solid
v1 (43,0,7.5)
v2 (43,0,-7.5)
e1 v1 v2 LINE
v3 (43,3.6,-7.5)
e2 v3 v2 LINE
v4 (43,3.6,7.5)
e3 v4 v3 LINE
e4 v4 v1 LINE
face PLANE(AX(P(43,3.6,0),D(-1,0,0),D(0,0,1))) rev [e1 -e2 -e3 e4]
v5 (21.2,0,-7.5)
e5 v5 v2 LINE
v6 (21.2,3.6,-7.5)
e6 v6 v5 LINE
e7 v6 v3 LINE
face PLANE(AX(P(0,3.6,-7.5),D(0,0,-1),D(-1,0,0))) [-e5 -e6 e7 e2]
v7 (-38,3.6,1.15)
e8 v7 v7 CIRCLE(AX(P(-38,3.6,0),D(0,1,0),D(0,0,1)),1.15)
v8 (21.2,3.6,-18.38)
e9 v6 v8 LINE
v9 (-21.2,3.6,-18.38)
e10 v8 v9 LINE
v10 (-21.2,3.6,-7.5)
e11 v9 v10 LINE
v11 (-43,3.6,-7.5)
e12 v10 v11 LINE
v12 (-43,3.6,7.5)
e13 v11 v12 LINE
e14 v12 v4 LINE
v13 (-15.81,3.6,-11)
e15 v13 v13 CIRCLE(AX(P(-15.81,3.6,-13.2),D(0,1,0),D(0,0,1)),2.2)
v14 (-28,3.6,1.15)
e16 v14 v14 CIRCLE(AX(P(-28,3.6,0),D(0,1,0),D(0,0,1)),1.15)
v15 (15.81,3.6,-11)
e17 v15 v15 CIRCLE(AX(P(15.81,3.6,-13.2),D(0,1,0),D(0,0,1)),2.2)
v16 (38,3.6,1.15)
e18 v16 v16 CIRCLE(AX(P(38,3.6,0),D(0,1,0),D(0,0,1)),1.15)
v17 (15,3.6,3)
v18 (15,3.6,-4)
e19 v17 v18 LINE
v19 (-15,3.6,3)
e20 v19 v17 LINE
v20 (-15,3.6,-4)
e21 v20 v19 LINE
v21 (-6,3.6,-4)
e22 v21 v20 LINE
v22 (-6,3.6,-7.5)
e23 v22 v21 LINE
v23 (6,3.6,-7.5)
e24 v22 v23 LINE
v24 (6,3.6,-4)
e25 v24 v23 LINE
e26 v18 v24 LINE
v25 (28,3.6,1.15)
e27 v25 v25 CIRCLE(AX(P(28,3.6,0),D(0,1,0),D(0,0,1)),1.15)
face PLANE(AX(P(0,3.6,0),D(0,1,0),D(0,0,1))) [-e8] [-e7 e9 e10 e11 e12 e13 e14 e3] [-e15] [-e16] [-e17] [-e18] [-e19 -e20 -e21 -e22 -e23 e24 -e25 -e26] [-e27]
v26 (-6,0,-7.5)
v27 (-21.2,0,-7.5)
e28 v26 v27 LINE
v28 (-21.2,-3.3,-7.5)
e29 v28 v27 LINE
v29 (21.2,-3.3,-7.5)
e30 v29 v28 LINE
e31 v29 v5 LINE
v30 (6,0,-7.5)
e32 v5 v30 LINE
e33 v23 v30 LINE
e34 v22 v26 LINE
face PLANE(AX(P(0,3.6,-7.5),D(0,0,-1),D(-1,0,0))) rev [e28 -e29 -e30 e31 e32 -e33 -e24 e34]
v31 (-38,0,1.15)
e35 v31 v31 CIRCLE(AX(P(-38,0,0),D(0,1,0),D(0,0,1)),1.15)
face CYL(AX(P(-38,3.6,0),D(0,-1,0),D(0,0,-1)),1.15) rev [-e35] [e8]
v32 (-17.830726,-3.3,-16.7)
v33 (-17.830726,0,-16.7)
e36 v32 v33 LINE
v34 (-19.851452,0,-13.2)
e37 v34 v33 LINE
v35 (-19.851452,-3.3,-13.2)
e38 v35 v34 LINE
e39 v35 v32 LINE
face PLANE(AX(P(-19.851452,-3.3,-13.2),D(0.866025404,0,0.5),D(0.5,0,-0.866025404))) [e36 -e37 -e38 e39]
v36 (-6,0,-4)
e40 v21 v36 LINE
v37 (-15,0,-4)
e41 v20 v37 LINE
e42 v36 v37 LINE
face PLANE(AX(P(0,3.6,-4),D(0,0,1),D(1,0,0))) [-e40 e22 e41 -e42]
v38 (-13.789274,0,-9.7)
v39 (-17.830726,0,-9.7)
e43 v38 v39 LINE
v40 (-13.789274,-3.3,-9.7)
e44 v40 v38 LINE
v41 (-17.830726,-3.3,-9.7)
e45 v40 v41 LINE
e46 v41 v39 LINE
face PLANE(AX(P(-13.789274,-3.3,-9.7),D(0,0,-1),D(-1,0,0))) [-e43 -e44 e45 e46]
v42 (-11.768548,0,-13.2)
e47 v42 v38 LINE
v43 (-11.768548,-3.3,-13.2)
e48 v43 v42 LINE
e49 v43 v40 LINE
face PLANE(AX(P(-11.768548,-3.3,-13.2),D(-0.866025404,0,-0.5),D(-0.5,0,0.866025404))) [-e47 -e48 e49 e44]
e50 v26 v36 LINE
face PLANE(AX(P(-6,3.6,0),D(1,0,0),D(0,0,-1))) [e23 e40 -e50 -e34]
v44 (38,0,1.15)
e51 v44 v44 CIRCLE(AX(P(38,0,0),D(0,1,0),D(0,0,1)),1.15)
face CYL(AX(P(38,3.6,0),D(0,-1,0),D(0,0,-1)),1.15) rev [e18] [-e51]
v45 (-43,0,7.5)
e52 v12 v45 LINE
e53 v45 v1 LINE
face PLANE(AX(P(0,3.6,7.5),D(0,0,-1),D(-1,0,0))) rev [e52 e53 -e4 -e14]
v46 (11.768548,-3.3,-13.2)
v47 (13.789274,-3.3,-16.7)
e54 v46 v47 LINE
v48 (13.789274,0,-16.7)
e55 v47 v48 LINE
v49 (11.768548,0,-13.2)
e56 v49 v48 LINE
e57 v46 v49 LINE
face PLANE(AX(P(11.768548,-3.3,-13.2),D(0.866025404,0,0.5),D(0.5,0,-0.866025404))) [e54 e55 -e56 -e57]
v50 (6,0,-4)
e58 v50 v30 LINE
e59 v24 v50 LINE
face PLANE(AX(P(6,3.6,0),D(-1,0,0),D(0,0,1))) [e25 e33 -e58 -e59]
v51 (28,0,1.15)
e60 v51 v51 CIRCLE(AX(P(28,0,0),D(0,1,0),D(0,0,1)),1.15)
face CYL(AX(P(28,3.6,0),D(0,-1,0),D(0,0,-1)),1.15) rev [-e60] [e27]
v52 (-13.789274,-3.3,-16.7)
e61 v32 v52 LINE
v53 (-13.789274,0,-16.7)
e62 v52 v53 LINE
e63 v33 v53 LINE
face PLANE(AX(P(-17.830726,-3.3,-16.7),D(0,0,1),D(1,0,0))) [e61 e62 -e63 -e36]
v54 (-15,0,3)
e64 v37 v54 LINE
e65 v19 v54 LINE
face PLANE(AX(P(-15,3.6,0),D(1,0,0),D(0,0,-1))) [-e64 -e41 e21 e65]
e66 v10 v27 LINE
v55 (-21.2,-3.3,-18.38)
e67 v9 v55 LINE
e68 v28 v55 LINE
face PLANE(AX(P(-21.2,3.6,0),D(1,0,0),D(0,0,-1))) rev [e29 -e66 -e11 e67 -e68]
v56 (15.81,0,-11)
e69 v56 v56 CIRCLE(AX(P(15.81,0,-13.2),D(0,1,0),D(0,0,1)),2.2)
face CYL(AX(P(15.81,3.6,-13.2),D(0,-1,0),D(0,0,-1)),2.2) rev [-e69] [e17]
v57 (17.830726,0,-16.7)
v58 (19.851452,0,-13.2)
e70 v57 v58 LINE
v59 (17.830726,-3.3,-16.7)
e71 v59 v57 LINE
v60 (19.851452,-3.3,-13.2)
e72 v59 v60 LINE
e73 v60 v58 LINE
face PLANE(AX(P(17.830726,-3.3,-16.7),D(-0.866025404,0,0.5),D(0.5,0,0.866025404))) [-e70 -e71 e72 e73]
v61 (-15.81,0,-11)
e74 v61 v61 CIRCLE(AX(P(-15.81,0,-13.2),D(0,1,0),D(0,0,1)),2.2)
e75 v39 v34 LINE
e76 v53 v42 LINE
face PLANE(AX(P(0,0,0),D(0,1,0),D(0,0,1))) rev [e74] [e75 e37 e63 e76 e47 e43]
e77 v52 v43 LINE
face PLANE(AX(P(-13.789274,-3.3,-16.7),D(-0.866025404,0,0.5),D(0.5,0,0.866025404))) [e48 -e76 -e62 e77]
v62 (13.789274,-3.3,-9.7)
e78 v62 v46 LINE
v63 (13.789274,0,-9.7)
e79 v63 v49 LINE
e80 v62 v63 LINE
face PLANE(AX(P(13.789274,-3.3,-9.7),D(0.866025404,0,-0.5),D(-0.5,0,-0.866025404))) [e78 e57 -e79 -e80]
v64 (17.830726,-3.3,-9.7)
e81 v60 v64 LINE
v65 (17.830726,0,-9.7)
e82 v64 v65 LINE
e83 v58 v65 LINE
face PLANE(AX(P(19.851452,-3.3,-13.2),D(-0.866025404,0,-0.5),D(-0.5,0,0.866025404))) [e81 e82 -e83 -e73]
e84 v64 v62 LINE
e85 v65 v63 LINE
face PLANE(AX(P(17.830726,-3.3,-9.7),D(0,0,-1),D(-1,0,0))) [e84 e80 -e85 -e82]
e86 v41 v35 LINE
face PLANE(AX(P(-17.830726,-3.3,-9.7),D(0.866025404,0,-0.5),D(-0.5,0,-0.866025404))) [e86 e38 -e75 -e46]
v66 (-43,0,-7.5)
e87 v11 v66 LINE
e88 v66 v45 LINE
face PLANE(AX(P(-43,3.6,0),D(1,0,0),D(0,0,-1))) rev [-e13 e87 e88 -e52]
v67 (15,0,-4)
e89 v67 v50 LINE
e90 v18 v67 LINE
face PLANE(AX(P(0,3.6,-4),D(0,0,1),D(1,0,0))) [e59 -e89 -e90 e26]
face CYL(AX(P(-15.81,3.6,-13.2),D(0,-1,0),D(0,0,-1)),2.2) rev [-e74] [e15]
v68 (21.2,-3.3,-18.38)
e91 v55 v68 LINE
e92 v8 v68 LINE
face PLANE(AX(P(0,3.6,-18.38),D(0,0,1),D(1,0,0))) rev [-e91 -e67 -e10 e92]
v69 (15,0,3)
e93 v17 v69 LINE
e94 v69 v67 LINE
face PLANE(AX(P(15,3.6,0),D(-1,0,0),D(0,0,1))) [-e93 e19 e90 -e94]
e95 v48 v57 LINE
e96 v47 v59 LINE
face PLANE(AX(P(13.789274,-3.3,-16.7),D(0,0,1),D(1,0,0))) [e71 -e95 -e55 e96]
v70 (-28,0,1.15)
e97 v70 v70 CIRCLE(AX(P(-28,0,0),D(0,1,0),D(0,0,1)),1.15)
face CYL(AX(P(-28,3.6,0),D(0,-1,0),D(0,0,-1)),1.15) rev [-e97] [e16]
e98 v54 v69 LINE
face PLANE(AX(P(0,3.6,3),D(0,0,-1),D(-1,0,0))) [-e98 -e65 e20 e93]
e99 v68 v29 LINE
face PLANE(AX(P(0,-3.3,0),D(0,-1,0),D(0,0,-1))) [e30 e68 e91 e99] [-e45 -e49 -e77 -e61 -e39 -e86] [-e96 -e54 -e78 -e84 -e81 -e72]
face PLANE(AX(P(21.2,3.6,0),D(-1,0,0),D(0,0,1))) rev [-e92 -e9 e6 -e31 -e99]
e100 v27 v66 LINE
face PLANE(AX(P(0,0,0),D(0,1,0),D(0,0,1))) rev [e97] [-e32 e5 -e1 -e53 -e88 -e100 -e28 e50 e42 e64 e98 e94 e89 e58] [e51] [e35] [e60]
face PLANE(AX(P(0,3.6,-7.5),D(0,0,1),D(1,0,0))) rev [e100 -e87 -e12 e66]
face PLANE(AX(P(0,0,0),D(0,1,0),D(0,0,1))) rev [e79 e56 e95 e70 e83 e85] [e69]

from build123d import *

# Parameters (mm, degrees)
SKETCH1_R           = 1.15
SKETCH1_R_2         = 2.2
BOSS_EXTRUDE2_DEPTH = 3.6
SKETCH2_W           = 42.4
SKETCH2_H           = 10.88
BOSS_EXTRUDE3_DEPTH = 3.3


with BuildPart() as part:
    # Sketch1 → Boss-Extrude2 (new body)
    with BuildSketch(Plane(origin=(0, 0, 0), x_dir=(1, 0, 0), z_dir=(0, 1, 0))):
        Polygon((33, 7.5), (21.2, 7.5), (21.2, 18.38), (-21.2, 18.38), (-21.2, 7.5), (-33, 7.5), (-43, 7.5), (-43, -7.5), (43, -7.5), (43, 7.5), align=None)
        Polygon((-15, -3), (-15, 4), (-6, 4), (-6, 7.5), (0, 7.5), (6, 7.5), (6, 4), (15, 4), (15, -3), align=None, mode=Mode.SUBTRACT)
        with Locations((-38, 0)):
            Circle(SKETCH1_R, mode=Mode.SUBTRACT)
        with Locations((-28, 0)):
            Circle(SKETCH1_R, mode=Mode.SUBTRACT)
        with Locations((28, 0)):
            Circle(SKETCH1_R, mode=Mode.SUBTRACT)
        with Locations((38, 0)):
            Circle(SKETCH1_R, mode=Mode.SUBTRACT)
        with Locations((-15.81, 13.2)):
            Circle(SKETCH1_R_2, mode=Mode.SUBTRACT)
        with Locations((15.81, 13.2)):
            Circle(SKETCH1_R_2, mode=Mode.SUBTRACT)
    extrude(amount=BOSS_EXTRUDE2_DEPTH)

    # Sketch2 → Boss-Extrude3 (add)
    with BuildSketch(Plane.XZ):
        with Locations((0, -12.94)):
            Rectangle(SKETCH2_W, SKETCH2_H)
        Polygon((-11.768548116, -13.2), (-13.789274058, -9.7), (-17.830725942, -9.7), (-19.851451884, -13.2), (-17.830725942, -16.7), (-13.789274058, -16.7), align=None, mode=Mode.SUBTRACT)
        Polygon((19.851451884, -13.2), (17.830725942, -9.7), (13.789274058, -9.7), (11.768548116, -13.2), (13.789274058, -16.7), (17.830725942, -16.7), align=None, mode=Mode.SUBTRACT)
    extrude(amount=BOSS_EXTRUDE3_DEPTH)


solid = part.part
